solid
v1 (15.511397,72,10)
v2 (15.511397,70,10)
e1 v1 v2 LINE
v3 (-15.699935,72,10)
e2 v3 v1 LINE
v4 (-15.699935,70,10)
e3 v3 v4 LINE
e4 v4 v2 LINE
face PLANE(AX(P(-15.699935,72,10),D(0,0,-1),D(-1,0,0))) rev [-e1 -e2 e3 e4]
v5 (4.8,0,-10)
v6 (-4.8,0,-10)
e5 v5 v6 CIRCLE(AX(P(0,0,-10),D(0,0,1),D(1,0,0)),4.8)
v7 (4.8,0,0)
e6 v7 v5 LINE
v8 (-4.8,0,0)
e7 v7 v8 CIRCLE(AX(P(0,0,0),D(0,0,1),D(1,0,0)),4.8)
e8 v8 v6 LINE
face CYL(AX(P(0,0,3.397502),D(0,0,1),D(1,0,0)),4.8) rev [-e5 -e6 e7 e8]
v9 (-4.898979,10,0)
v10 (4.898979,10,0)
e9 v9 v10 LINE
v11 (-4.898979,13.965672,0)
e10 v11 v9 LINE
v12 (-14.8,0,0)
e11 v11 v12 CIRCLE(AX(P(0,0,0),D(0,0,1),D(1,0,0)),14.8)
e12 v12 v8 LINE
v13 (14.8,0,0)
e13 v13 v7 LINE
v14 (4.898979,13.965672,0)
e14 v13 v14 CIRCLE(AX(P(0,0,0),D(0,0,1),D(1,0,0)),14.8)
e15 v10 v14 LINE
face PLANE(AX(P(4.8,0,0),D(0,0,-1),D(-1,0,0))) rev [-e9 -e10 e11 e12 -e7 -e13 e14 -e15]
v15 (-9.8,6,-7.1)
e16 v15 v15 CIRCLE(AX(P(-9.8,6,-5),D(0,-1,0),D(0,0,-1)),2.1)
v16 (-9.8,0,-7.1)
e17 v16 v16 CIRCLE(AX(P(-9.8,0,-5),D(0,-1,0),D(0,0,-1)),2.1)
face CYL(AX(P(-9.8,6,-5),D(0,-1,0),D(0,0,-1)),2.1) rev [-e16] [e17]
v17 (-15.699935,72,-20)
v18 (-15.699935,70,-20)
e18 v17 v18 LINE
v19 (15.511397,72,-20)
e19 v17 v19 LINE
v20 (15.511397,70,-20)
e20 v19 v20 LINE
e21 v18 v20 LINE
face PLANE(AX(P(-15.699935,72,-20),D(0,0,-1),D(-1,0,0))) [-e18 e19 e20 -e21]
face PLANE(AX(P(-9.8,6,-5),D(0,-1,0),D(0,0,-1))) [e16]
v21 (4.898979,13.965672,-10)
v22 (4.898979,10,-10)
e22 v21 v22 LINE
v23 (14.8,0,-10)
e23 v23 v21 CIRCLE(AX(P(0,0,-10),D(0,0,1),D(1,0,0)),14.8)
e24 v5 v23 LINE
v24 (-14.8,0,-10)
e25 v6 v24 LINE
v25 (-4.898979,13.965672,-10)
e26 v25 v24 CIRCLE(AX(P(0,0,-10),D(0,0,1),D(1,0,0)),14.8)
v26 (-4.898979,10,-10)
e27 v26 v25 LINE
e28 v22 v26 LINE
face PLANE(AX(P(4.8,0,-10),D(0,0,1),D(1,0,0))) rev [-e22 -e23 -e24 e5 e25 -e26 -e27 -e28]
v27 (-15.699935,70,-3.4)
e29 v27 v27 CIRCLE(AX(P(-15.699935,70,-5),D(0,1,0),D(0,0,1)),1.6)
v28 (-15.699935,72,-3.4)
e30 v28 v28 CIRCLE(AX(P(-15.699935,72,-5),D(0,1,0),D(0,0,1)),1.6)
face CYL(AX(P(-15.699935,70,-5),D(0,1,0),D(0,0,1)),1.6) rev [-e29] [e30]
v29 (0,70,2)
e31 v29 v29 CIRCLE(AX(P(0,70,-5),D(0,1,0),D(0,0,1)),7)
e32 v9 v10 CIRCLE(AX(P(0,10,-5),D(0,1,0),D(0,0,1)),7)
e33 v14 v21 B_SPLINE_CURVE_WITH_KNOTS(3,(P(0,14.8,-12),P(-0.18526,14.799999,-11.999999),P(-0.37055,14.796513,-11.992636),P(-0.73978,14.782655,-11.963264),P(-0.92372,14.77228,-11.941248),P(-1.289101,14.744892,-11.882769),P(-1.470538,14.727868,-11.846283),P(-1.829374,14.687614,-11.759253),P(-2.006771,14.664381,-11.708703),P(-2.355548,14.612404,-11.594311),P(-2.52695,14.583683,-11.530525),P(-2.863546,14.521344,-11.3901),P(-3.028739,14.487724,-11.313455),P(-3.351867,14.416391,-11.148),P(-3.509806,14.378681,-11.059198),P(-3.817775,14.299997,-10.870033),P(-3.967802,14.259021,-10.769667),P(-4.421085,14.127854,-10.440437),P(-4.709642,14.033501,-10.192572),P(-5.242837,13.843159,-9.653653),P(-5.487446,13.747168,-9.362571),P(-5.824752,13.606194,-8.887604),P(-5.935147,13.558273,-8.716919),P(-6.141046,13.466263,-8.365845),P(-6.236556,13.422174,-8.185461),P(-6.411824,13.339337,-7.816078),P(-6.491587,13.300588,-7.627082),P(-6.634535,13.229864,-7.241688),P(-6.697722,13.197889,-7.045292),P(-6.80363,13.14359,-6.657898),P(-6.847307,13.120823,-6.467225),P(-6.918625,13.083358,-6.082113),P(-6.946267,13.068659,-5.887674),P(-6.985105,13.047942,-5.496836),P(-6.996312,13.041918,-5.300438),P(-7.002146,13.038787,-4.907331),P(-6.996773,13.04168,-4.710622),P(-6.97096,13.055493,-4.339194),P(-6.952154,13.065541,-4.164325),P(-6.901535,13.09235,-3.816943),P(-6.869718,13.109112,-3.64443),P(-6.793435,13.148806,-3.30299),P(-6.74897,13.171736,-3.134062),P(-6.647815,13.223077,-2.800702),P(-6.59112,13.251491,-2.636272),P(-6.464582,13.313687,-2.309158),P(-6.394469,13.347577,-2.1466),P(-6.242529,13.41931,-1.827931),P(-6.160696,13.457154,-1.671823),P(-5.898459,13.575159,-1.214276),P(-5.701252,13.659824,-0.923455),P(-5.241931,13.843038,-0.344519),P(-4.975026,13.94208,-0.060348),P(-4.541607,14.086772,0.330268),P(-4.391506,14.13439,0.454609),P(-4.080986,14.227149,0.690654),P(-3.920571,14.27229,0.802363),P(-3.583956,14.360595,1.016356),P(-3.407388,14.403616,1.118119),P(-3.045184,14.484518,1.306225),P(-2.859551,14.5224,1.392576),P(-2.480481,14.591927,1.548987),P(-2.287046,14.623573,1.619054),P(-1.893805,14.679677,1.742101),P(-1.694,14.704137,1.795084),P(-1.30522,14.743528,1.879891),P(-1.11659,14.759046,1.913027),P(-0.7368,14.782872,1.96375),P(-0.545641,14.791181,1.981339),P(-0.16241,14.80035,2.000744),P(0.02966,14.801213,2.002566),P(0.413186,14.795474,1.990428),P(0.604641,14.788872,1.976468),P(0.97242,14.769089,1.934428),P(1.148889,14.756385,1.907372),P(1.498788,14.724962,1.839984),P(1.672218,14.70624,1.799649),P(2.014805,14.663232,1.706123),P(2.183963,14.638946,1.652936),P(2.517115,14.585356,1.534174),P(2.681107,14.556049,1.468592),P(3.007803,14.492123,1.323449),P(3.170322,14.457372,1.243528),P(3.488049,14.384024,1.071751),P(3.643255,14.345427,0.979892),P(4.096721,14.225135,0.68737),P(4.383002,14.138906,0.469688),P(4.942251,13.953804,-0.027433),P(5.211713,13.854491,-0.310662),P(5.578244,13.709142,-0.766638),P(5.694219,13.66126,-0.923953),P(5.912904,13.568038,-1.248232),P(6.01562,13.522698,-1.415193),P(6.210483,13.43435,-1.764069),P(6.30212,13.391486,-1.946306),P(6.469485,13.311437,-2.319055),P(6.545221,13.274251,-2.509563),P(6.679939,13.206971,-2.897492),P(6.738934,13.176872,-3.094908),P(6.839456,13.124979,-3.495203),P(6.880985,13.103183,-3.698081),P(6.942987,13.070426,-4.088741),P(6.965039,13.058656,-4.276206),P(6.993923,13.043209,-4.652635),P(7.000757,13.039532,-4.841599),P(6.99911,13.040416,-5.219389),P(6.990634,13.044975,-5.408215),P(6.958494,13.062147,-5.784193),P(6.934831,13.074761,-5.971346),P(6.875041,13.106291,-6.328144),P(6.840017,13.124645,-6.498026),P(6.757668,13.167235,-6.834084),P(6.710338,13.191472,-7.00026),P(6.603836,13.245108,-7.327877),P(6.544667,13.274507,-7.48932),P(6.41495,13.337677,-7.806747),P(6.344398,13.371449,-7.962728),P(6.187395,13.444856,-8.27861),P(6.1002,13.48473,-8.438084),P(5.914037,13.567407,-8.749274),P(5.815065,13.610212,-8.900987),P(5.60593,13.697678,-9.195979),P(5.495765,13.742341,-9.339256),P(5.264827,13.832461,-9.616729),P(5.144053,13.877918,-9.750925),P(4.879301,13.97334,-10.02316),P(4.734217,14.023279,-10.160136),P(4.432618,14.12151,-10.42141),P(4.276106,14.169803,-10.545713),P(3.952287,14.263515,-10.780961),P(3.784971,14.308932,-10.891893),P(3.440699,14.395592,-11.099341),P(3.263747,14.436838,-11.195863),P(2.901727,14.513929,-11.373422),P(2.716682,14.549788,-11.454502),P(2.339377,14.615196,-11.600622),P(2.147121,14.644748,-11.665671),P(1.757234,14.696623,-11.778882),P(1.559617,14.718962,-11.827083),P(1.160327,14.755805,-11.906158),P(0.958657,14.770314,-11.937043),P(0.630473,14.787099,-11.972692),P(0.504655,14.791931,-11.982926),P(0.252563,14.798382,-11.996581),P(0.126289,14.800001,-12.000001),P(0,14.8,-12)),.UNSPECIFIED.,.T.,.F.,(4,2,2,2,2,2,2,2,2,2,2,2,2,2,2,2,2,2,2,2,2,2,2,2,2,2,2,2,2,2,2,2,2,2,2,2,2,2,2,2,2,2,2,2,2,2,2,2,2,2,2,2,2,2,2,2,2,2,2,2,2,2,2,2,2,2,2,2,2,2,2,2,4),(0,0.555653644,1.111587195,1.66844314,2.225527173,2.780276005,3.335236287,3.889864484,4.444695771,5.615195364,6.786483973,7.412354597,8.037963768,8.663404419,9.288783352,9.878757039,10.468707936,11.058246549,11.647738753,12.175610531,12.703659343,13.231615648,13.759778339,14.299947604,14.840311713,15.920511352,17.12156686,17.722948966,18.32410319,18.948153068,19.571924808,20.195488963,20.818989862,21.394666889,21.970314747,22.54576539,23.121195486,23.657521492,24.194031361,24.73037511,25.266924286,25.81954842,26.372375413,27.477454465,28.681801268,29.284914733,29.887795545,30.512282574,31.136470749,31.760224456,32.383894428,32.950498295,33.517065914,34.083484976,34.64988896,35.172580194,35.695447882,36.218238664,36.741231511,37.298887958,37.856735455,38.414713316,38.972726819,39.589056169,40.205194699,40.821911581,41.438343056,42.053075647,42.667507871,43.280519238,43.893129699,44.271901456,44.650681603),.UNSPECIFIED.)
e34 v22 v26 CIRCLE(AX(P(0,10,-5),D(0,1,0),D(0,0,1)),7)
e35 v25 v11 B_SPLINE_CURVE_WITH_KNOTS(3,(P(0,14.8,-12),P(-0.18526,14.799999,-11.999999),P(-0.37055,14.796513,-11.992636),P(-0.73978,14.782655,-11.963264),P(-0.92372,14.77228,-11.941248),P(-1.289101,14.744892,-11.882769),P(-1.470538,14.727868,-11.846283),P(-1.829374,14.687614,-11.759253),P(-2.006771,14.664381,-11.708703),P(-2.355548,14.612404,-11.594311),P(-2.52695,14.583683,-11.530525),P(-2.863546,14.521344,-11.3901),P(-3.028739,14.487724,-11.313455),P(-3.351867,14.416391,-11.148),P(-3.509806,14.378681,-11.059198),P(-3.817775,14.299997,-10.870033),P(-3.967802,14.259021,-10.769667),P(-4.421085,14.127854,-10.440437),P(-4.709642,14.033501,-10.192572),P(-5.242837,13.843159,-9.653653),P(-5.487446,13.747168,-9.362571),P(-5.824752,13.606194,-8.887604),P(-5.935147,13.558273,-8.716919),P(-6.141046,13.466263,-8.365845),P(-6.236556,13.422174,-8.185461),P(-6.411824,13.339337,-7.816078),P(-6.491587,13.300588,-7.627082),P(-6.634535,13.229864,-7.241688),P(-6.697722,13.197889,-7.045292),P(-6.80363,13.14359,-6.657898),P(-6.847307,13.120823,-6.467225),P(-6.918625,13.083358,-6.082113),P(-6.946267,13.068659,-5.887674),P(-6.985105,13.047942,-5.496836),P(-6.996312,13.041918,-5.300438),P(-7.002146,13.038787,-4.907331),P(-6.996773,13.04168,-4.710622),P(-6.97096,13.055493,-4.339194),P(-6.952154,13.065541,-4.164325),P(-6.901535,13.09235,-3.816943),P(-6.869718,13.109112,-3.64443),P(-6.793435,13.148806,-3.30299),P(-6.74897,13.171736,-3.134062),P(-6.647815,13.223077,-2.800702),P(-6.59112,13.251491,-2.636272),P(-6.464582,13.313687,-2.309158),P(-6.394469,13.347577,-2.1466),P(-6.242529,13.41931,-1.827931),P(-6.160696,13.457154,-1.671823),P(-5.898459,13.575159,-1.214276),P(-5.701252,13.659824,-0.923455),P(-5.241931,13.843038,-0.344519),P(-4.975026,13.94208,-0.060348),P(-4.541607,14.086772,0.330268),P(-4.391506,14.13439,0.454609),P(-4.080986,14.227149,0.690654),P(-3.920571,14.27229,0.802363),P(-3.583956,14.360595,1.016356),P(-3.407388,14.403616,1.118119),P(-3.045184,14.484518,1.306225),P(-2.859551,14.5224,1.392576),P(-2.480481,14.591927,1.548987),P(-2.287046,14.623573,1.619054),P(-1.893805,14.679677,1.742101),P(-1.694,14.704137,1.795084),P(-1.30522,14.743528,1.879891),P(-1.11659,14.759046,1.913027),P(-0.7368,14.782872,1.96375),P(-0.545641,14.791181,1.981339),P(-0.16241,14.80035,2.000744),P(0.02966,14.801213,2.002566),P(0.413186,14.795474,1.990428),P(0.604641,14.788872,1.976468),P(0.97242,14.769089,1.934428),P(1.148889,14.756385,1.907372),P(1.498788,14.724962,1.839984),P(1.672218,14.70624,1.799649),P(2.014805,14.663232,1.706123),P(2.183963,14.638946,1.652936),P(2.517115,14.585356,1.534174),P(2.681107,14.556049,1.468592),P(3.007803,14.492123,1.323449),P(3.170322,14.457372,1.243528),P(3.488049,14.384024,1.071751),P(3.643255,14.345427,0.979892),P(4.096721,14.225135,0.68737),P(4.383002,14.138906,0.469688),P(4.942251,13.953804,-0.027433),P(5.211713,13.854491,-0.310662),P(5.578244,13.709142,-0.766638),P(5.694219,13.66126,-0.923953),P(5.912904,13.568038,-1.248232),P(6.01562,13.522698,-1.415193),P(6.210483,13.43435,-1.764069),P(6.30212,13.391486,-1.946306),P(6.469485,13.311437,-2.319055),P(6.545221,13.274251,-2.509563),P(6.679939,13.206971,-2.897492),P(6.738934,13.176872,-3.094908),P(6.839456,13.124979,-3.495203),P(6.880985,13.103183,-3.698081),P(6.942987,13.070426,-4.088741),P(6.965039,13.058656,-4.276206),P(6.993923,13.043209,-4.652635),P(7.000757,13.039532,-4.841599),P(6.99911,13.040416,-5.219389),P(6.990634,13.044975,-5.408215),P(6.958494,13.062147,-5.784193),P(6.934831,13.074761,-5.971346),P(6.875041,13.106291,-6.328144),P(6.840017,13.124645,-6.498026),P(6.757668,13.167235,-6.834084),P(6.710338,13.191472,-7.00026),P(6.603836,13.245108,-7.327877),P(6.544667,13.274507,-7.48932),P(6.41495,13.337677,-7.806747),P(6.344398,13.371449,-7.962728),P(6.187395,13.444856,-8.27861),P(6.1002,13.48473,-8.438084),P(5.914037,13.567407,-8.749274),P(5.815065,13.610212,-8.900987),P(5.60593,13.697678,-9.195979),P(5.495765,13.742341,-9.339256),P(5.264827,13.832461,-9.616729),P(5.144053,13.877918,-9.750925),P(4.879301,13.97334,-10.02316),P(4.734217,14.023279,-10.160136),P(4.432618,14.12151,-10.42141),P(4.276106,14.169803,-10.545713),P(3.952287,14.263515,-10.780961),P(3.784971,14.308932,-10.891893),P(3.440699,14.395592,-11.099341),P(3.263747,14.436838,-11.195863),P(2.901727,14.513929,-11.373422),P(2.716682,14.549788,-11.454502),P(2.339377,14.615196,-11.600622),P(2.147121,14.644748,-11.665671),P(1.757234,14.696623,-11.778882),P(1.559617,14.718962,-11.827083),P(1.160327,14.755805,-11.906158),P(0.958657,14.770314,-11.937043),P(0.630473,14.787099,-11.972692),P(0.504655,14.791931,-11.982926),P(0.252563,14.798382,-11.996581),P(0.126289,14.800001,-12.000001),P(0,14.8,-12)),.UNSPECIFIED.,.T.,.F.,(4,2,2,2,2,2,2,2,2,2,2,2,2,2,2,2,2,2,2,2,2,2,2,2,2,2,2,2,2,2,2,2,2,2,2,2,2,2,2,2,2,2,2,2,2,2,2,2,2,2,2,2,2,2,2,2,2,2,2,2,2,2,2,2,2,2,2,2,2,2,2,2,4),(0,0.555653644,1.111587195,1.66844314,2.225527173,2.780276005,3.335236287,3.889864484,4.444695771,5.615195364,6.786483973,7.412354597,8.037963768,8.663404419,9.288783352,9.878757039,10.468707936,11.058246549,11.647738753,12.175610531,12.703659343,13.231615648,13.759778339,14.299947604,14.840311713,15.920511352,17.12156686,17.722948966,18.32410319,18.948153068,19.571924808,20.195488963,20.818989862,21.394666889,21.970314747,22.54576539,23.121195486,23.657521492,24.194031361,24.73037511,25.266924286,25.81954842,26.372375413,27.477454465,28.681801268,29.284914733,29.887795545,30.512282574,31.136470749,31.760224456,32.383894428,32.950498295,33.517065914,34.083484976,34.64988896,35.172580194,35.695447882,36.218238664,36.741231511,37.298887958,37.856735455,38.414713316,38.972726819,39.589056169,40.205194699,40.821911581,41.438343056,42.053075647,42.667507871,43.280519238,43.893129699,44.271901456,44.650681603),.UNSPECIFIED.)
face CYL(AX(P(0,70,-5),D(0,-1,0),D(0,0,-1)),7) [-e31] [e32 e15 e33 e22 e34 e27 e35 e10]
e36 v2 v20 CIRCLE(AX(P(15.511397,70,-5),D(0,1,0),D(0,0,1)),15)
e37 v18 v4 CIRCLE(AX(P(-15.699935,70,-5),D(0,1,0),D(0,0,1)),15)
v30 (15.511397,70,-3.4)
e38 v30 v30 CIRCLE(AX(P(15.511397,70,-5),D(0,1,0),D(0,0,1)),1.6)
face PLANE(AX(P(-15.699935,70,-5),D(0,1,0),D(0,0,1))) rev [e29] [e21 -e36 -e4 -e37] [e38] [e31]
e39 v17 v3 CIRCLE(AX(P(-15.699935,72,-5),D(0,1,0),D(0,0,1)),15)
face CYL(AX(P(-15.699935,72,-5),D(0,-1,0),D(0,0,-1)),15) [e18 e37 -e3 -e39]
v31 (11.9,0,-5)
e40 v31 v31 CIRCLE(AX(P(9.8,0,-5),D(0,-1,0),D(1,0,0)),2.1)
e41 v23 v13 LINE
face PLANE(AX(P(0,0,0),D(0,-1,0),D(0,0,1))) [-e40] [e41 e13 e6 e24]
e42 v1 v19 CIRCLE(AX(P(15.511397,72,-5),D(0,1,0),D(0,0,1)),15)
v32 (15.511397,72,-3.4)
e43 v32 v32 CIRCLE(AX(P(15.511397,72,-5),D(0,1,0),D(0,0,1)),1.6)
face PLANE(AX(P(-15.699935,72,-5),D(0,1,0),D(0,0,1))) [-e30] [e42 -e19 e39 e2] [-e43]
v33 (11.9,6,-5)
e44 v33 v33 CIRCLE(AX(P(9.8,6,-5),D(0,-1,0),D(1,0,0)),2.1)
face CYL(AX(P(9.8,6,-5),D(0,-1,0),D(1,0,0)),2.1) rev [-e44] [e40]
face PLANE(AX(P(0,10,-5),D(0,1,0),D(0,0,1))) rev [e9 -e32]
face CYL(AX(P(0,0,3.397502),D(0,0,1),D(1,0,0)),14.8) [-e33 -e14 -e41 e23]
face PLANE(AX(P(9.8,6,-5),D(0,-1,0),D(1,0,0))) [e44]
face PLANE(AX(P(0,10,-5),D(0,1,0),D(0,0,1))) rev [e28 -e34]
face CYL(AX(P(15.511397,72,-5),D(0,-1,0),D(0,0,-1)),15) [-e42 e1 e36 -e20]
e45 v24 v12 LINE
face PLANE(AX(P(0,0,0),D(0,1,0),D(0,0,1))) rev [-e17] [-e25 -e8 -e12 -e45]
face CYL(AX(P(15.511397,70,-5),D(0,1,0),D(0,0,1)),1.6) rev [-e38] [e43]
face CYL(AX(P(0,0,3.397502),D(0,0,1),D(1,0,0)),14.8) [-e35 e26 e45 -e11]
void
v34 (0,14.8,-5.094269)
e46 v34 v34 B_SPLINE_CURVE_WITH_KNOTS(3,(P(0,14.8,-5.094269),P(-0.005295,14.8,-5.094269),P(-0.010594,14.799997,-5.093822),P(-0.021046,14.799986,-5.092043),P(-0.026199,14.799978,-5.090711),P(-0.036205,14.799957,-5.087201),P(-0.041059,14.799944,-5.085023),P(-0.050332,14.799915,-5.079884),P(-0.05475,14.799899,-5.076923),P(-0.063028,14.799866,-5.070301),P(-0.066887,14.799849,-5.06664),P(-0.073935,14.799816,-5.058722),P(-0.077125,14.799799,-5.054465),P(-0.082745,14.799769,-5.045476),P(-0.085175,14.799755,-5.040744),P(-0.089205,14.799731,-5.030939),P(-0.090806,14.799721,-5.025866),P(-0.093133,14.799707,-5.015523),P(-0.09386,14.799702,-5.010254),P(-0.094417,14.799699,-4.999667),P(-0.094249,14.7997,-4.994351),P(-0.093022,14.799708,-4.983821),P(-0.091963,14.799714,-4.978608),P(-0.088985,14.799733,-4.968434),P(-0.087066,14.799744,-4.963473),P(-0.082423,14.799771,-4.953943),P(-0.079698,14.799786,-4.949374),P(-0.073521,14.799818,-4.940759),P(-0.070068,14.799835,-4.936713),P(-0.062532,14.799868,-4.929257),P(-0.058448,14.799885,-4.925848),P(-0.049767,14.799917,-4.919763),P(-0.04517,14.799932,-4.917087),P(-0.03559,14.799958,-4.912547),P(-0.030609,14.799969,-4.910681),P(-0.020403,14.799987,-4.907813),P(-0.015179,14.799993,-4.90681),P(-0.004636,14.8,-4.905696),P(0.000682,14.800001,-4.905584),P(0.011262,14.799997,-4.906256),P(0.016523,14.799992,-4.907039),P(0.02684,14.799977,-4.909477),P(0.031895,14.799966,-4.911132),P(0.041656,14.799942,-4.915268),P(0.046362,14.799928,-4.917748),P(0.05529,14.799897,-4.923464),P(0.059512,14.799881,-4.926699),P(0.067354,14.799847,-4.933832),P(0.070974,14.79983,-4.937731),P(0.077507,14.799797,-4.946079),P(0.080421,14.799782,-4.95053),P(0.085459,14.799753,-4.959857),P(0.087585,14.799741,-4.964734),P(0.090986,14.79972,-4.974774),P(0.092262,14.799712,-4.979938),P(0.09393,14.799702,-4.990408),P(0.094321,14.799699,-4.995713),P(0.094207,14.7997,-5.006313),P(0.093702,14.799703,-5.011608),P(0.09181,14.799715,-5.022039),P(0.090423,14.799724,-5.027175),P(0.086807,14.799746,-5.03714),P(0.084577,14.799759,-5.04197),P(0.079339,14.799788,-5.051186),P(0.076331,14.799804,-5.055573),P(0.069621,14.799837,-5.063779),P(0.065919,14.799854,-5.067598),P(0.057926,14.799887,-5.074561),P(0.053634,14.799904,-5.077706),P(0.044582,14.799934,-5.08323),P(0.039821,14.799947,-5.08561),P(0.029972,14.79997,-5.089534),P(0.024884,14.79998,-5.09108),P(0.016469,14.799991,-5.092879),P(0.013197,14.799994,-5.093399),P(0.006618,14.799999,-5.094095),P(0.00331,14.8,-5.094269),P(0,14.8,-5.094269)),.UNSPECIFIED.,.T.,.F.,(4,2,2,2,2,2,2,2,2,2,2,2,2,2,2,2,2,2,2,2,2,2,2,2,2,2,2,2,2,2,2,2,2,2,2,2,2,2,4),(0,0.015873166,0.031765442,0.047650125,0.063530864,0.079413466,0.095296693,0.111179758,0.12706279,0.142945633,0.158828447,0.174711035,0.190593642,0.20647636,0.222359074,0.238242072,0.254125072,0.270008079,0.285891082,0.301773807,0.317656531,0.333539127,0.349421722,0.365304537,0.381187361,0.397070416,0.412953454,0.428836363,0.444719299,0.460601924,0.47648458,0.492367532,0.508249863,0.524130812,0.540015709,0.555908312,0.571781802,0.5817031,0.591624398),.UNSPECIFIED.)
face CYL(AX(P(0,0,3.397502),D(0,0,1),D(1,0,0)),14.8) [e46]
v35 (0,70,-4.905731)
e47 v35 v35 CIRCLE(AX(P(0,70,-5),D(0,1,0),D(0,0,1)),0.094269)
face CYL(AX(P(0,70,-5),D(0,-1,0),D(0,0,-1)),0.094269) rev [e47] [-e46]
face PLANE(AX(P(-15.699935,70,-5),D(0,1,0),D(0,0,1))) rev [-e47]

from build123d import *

# Parameters (mm, degrees)
SKETCH1_W           = 10
SKETCH1_H           = 10
REVOLVE1_ANGLE      = 180
BOSS_EXTRUDE1_START = 10
SKETCH3_R           = 7
SKETCH3_R_2         = 0.094269149
BOSS_EXTRUDE1_DEPTH = 60
SKETCH5_R           = 2.1
CUT_EXTRUDE1_DEPTH  = 6
SKETCH6_R           = 2.1
CUT_EXTRUDE2_DEPTH  = 6
BOSS_EXTRUDE3_DEPTH = 2
SKETCH14_R          = 1.6
CUT_EXTRUDE5_DEPTH  = 2


with BuildPart() as part:
    # Sketch1 → Revolve1 (revolve)
    with BuildSketch(Plane(origin=(0, 0, 0), x_dir=(1, 0, 0), z_dir=(0, 1, 0))):
        with Locations((-9.8, 5)):
            Rectangle(SKETCH1_W, SKETCH1_H)
    revolve(axis=Axis((0, 0, 3.39750235), (0, 0, -1)), revolution_arc=REVOLVE1_ANGLE)

    # Sketch3 → Boss-Extrude1 (add)
    with BuildSketch(Plane(origin=(0, 0, 0), x_dir=(1, 0, 0), z_dir=(0, 1, 0)).offset(BOSS_EXTRUDE1_START)):
        with Locations((0, 5)):
            Circle(SKETCH3_R)
        with Locations((0, 5)):
            Circle(SKETCH3_R_2, mode=Mode.SUBTRACT)
    extrude(amount=BOSS_EXTRUDE1_DEPTH)

    # Sketch5 → Cut-Extrude1 (cut)
    with BuildSketch(Plane.XZ):
        with Locations((9.8, -5)):
            Circle(SKETCH5_R)
    extrude(amount=-CUT_EXTRUDE1_DEPTH, mode=Mode.SUBTRACT)

    # Sketch6 → Cut-Extrude2 (cut)
    with BuildSketch(Plane.XZ):
        with Locations((-9.8, -5)):
            Circle(SKETCH6_R)
    extrude(amount=-CUT_EXTRUDE2_DEPTH, mode=Mode.SUBTRACT)

    # Sketch11 → Boss-Extrude3 (add)
    with BuildSketch(Plane(origin=(0, 70, 0), x_dir=(1, 0, 0), z_dir=(0, 1, 0))):
        with BuildLine():
            Line((-15.699935159, 20), (15.51139686, 20))
            ThreePointArc((15.51139686, 20), (30.51139686, 5), (15.51139686, -10))
            Line((15.51139686, -10), (-15.699935159, -10))
            ThreePointArc((-15.699935159, -10), (-30.699935159, 5), (-15.699935159, 20))
        make_face()
    extrude(amount=BOSS_EXTRUDE3_DEPTH)

    # Sketch14 → Cut-Extrude5 (cut)
    with BuildSketch(Plane(origin=(0, 72, 0), x_dir=(1, 0, 0), z_dir=(0, 1, 0))):
        with Locations((-15.699935159, 5)):
            Circle(SKETCH14_R)
        with Locations((15.51139686, 5)):
            Circle(SKETCH14_R)
    extrude(amount=-CUT_EXTRUDE5_DEPTH, mode=Mode.SUBTRACT)


solid = part.part
